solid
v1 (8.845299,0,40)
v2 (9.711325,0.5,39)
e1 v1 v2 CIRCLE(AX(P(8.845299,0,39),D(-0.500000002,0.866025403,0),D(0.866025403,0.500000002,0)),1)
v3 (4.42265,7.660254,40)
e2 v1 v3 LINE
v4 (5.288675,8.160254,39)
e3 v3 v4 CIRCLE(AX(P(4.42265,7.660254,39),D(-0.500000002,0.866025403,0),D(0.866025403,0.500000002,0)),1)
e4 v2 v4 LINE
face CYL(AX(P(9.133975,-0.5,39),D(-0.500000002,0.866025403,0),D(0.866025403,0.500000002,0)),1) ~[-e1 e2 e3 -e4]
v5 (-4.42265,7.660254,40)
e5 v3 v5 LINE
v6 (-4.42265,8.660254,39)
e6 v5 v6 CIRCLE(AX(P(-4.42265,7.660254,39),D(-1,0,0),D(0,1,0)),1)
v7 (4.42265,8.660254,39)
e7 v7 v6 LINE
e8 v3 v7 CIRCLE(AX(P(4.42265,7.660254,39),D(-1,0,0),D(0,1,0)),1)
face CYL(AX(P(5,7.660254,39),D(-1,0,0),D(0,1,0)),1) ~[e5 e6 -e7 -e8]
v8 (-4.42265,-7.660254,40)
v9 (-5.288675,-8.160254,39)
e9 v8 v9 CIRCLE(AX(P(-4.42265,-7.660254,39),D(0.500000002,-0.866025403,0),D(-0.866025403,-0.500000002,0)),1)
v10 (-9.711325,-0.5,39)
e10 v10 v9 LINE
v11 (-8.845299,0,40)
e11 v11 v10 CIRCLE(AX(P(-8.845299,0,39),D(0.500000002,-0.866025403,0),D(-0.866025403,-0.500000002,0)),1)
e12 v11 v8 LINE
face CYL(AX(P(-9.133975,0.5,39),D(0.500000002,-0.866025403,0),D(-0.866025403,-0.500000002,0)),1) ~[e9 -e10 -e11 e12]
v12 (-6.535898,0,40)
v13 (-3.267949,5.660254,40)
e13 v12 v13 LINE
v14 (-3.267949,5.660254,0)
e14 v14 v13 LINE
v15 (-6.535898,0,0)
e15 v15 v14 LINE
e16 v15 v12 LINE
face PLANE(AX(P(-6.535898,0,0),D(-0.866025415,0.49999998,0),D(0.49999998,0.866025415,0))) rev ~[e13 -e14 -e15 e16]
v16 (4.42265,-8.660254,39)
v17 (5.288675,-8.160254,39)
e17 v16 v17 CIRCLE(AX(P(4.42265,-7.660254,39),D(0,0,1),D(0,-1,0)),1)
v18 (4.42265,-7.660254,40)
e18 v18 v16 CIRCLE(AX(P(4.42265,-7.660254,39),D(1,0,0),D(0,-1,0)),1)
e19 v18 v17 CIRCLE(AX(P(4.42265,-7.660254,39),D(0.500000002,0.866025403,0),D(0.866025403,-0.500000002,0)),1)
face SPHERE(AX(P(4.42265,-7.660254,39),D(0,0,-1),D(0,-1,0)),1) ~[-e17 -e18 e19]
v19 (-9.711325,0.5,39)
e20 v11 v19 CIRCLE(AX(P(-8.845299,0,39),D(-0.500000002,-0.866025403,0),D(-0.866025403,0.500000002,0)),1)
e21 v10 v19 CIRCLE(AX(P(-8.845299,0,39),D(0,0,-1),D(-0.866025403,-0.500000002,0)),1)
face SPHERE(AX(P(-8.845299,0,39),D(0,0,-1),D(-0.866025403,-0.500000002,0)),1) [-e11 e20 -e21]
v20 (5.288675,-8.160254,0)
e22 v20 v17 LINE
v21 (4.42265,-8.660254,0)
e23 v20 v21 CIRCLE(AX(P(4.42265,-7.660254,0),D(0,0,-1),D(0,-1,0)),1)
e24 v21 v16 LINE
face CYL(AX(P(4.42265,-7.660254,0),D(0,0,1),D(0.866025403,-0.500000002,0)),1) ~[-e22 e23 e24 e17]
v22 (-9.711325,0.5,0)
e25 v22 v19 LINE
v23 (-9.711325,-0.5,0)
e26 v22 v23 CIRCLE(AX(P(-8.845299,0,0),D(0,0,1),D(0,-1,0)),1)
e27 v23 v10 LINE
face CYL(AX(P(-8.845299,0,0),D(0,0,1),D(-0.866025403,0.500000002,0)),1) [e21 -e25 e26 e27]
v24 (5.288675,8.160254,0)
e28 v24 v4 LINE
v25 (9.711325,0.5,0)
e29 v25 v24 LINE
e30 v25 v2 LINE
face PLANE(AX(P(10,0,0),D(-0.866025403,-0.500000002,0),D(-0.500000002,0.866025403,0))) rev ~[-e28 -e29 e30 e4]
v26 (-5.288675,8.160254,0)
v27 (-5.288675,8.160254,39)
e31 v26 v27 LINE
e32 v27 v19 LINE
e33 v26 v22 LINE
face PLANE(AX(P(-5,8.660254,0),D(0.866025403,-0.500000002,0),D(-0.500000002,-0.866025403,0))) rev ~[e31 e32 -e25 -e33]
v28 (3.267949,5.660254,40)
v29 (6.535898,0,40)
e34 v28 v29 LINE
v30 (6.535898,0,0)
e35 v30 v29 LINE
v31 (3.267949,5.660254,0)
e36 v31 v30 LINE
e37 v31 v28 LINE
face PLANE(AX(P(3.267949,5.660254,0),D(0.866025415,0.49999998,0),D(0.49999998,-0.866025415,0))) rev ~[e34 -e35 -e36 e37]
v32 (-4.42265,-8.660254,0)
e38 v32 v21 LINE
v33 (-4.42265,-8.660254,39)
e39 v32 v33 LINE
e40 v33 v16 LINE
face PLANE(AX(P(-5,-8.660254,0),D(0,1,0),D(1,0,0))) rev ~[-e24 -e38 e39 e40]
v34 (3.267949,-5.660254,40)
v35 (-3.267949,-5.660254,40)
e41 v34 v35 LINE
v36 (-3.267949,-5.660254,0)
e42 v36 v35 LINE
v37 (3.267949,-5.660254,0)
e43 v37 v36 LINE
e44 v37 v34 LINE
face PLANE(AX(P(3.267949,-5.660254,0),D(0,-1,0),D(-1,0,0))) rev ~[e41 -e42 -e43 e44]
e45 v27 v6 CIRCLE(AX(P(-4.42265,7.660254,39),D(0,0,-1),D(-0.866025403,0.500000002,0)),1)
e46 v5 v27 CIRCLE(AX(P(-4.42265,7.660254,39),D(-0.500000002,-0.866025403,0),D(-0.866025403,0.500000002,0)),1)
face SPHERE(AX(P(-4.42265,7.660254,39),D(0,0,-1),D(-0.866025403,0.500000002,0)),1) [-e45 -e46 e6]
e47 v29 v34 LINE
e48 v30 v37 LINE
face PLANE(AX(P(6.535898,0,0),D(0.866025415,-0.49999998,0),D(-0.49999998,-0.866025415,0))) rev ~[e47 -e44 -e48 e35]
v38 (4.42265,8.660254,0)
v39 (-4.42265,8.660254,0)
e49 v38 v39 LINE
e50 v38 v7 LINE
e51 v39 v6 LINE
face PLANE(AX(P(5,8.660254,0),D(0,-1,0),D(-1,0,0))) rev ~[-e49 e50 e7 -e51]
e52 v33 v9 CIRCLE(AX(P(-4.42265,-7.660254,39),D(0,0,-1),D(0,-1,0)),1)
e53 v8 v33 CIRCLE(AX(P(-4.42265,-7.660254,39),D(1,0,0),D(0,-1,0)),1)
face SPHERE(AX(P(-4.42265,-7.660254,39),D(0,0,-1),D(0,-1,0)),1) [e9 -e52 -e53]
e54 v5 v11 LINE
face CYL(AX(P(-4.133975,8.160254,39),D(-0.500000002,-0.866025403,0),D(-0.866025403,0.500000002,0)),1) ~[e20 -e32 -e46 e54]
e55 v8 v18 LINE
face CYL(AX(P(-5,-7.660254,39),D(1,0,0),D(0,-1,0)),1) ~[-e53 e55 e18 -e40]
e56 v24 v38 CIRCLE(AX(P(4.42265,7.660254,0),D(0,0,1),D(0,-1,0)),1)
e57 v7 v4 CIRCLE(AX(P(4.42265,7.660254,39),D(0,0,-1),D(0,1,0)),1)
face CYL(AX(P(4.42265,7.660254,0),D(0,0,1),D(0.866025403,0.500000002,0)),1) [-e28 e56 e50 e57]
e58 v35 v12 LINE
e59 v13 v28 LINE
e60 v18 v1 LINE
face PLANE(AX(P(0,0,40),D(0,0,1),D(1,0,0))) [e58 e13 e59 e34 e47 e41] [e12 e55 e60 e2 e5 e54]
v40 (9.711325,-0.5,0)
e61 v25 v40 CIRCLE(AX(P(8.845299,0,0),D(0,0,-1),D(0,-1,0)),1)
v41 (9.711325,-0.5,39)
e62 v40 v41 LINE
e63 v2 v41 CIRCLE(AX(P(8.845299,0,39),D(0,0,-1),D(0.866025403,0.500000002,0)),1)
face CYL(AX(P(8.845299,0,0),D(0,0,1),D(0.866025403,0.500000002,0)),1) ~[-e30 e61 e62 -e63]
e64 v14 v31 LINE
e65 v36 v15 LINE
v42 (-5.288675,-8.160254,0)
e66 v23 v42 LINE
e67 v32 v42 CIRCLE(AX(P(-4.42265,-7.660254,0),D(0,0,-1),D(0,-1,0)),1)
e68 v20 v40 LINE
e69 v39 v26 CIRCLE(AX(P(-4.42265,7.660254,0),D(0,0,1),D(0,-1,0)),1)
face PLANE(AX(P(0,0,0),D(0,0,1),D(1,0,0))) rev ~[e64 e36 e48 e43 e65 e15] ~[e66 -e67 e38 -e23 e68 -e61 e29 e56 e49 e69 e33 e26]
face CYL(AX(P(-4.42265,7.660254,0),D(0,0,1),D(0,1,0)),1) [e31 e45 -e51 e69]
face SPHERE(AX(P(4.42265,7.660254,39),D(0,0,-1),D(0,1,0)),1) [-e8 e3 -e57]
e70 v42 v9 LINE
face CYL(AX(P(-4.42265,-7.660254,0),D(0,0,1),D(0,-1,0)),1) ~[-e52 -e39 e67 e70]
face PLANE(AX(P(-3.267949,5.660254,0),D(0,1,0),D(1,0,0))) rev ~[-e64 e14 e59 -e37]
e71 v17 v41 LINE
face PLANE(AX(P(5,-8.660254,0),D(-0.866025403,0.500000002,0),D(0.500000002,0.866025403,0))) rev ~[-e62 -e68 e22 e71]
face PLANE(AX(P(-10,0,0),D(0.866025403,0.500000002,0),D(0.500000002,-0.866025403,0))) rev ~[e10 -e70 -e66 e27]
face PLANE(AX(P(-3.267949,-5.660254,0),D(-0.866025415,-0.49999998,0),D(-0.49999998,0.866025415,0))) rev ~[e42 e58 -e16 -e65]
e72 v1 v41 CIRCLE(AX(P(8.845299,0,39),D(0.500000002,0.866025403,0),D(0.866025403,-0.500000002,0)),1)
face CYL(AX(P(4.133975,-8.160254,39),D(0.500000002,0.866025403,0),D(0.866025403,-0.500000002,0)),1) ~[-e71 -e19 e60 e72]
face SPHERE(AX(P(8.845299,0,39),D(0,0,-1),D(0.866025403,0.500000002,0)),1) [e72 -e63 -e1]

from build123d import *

# Parameters (mm, degrees)
F1_DEPTH = 40
F2_R     = 1


with BuildPart() as f1:
    # F0 (on Top) → F1 (new body)
    with BuildSketch(Plane.XY):
        Polygon((10, 0), (5, 8.660254), (-5, 8.660254), (-10, 0), (-5, -8.660254), (5, -8.660254), align=None)
        Polygon((3.267949, -5.660254), (-3.267949, -5.660254), (-6.535898, 0), (-3.267949, 5.660254), (3.267949, 5.660254), (6.535898, 0), align=None, mode=Mode.SUBTRACT)
    extrude(amount=F1_DEPTH)

    # F2
    f2_edges = [f1.edges().sort_by_distance(p)[0] for p in [
        (5, -8.660254, 20),
        (-5, -8.660254, 20),
        (10, 0, 20),
        (5, 8.660254, 20),
        (-10, 0, 20),
        (-5, 8.660254, 20),
        (0, -8.660254, 40),
        (-7.5, -4.330127, 40),
        (-7.5, 4.330127, 40),
        (0, 8.660254, 40),
        (7.5, 4.330127, 40),
        (7.5, -4.330127, 40),
    ]]
    fillet(f2_edges, radius=F2_R)


solid = f1.part
